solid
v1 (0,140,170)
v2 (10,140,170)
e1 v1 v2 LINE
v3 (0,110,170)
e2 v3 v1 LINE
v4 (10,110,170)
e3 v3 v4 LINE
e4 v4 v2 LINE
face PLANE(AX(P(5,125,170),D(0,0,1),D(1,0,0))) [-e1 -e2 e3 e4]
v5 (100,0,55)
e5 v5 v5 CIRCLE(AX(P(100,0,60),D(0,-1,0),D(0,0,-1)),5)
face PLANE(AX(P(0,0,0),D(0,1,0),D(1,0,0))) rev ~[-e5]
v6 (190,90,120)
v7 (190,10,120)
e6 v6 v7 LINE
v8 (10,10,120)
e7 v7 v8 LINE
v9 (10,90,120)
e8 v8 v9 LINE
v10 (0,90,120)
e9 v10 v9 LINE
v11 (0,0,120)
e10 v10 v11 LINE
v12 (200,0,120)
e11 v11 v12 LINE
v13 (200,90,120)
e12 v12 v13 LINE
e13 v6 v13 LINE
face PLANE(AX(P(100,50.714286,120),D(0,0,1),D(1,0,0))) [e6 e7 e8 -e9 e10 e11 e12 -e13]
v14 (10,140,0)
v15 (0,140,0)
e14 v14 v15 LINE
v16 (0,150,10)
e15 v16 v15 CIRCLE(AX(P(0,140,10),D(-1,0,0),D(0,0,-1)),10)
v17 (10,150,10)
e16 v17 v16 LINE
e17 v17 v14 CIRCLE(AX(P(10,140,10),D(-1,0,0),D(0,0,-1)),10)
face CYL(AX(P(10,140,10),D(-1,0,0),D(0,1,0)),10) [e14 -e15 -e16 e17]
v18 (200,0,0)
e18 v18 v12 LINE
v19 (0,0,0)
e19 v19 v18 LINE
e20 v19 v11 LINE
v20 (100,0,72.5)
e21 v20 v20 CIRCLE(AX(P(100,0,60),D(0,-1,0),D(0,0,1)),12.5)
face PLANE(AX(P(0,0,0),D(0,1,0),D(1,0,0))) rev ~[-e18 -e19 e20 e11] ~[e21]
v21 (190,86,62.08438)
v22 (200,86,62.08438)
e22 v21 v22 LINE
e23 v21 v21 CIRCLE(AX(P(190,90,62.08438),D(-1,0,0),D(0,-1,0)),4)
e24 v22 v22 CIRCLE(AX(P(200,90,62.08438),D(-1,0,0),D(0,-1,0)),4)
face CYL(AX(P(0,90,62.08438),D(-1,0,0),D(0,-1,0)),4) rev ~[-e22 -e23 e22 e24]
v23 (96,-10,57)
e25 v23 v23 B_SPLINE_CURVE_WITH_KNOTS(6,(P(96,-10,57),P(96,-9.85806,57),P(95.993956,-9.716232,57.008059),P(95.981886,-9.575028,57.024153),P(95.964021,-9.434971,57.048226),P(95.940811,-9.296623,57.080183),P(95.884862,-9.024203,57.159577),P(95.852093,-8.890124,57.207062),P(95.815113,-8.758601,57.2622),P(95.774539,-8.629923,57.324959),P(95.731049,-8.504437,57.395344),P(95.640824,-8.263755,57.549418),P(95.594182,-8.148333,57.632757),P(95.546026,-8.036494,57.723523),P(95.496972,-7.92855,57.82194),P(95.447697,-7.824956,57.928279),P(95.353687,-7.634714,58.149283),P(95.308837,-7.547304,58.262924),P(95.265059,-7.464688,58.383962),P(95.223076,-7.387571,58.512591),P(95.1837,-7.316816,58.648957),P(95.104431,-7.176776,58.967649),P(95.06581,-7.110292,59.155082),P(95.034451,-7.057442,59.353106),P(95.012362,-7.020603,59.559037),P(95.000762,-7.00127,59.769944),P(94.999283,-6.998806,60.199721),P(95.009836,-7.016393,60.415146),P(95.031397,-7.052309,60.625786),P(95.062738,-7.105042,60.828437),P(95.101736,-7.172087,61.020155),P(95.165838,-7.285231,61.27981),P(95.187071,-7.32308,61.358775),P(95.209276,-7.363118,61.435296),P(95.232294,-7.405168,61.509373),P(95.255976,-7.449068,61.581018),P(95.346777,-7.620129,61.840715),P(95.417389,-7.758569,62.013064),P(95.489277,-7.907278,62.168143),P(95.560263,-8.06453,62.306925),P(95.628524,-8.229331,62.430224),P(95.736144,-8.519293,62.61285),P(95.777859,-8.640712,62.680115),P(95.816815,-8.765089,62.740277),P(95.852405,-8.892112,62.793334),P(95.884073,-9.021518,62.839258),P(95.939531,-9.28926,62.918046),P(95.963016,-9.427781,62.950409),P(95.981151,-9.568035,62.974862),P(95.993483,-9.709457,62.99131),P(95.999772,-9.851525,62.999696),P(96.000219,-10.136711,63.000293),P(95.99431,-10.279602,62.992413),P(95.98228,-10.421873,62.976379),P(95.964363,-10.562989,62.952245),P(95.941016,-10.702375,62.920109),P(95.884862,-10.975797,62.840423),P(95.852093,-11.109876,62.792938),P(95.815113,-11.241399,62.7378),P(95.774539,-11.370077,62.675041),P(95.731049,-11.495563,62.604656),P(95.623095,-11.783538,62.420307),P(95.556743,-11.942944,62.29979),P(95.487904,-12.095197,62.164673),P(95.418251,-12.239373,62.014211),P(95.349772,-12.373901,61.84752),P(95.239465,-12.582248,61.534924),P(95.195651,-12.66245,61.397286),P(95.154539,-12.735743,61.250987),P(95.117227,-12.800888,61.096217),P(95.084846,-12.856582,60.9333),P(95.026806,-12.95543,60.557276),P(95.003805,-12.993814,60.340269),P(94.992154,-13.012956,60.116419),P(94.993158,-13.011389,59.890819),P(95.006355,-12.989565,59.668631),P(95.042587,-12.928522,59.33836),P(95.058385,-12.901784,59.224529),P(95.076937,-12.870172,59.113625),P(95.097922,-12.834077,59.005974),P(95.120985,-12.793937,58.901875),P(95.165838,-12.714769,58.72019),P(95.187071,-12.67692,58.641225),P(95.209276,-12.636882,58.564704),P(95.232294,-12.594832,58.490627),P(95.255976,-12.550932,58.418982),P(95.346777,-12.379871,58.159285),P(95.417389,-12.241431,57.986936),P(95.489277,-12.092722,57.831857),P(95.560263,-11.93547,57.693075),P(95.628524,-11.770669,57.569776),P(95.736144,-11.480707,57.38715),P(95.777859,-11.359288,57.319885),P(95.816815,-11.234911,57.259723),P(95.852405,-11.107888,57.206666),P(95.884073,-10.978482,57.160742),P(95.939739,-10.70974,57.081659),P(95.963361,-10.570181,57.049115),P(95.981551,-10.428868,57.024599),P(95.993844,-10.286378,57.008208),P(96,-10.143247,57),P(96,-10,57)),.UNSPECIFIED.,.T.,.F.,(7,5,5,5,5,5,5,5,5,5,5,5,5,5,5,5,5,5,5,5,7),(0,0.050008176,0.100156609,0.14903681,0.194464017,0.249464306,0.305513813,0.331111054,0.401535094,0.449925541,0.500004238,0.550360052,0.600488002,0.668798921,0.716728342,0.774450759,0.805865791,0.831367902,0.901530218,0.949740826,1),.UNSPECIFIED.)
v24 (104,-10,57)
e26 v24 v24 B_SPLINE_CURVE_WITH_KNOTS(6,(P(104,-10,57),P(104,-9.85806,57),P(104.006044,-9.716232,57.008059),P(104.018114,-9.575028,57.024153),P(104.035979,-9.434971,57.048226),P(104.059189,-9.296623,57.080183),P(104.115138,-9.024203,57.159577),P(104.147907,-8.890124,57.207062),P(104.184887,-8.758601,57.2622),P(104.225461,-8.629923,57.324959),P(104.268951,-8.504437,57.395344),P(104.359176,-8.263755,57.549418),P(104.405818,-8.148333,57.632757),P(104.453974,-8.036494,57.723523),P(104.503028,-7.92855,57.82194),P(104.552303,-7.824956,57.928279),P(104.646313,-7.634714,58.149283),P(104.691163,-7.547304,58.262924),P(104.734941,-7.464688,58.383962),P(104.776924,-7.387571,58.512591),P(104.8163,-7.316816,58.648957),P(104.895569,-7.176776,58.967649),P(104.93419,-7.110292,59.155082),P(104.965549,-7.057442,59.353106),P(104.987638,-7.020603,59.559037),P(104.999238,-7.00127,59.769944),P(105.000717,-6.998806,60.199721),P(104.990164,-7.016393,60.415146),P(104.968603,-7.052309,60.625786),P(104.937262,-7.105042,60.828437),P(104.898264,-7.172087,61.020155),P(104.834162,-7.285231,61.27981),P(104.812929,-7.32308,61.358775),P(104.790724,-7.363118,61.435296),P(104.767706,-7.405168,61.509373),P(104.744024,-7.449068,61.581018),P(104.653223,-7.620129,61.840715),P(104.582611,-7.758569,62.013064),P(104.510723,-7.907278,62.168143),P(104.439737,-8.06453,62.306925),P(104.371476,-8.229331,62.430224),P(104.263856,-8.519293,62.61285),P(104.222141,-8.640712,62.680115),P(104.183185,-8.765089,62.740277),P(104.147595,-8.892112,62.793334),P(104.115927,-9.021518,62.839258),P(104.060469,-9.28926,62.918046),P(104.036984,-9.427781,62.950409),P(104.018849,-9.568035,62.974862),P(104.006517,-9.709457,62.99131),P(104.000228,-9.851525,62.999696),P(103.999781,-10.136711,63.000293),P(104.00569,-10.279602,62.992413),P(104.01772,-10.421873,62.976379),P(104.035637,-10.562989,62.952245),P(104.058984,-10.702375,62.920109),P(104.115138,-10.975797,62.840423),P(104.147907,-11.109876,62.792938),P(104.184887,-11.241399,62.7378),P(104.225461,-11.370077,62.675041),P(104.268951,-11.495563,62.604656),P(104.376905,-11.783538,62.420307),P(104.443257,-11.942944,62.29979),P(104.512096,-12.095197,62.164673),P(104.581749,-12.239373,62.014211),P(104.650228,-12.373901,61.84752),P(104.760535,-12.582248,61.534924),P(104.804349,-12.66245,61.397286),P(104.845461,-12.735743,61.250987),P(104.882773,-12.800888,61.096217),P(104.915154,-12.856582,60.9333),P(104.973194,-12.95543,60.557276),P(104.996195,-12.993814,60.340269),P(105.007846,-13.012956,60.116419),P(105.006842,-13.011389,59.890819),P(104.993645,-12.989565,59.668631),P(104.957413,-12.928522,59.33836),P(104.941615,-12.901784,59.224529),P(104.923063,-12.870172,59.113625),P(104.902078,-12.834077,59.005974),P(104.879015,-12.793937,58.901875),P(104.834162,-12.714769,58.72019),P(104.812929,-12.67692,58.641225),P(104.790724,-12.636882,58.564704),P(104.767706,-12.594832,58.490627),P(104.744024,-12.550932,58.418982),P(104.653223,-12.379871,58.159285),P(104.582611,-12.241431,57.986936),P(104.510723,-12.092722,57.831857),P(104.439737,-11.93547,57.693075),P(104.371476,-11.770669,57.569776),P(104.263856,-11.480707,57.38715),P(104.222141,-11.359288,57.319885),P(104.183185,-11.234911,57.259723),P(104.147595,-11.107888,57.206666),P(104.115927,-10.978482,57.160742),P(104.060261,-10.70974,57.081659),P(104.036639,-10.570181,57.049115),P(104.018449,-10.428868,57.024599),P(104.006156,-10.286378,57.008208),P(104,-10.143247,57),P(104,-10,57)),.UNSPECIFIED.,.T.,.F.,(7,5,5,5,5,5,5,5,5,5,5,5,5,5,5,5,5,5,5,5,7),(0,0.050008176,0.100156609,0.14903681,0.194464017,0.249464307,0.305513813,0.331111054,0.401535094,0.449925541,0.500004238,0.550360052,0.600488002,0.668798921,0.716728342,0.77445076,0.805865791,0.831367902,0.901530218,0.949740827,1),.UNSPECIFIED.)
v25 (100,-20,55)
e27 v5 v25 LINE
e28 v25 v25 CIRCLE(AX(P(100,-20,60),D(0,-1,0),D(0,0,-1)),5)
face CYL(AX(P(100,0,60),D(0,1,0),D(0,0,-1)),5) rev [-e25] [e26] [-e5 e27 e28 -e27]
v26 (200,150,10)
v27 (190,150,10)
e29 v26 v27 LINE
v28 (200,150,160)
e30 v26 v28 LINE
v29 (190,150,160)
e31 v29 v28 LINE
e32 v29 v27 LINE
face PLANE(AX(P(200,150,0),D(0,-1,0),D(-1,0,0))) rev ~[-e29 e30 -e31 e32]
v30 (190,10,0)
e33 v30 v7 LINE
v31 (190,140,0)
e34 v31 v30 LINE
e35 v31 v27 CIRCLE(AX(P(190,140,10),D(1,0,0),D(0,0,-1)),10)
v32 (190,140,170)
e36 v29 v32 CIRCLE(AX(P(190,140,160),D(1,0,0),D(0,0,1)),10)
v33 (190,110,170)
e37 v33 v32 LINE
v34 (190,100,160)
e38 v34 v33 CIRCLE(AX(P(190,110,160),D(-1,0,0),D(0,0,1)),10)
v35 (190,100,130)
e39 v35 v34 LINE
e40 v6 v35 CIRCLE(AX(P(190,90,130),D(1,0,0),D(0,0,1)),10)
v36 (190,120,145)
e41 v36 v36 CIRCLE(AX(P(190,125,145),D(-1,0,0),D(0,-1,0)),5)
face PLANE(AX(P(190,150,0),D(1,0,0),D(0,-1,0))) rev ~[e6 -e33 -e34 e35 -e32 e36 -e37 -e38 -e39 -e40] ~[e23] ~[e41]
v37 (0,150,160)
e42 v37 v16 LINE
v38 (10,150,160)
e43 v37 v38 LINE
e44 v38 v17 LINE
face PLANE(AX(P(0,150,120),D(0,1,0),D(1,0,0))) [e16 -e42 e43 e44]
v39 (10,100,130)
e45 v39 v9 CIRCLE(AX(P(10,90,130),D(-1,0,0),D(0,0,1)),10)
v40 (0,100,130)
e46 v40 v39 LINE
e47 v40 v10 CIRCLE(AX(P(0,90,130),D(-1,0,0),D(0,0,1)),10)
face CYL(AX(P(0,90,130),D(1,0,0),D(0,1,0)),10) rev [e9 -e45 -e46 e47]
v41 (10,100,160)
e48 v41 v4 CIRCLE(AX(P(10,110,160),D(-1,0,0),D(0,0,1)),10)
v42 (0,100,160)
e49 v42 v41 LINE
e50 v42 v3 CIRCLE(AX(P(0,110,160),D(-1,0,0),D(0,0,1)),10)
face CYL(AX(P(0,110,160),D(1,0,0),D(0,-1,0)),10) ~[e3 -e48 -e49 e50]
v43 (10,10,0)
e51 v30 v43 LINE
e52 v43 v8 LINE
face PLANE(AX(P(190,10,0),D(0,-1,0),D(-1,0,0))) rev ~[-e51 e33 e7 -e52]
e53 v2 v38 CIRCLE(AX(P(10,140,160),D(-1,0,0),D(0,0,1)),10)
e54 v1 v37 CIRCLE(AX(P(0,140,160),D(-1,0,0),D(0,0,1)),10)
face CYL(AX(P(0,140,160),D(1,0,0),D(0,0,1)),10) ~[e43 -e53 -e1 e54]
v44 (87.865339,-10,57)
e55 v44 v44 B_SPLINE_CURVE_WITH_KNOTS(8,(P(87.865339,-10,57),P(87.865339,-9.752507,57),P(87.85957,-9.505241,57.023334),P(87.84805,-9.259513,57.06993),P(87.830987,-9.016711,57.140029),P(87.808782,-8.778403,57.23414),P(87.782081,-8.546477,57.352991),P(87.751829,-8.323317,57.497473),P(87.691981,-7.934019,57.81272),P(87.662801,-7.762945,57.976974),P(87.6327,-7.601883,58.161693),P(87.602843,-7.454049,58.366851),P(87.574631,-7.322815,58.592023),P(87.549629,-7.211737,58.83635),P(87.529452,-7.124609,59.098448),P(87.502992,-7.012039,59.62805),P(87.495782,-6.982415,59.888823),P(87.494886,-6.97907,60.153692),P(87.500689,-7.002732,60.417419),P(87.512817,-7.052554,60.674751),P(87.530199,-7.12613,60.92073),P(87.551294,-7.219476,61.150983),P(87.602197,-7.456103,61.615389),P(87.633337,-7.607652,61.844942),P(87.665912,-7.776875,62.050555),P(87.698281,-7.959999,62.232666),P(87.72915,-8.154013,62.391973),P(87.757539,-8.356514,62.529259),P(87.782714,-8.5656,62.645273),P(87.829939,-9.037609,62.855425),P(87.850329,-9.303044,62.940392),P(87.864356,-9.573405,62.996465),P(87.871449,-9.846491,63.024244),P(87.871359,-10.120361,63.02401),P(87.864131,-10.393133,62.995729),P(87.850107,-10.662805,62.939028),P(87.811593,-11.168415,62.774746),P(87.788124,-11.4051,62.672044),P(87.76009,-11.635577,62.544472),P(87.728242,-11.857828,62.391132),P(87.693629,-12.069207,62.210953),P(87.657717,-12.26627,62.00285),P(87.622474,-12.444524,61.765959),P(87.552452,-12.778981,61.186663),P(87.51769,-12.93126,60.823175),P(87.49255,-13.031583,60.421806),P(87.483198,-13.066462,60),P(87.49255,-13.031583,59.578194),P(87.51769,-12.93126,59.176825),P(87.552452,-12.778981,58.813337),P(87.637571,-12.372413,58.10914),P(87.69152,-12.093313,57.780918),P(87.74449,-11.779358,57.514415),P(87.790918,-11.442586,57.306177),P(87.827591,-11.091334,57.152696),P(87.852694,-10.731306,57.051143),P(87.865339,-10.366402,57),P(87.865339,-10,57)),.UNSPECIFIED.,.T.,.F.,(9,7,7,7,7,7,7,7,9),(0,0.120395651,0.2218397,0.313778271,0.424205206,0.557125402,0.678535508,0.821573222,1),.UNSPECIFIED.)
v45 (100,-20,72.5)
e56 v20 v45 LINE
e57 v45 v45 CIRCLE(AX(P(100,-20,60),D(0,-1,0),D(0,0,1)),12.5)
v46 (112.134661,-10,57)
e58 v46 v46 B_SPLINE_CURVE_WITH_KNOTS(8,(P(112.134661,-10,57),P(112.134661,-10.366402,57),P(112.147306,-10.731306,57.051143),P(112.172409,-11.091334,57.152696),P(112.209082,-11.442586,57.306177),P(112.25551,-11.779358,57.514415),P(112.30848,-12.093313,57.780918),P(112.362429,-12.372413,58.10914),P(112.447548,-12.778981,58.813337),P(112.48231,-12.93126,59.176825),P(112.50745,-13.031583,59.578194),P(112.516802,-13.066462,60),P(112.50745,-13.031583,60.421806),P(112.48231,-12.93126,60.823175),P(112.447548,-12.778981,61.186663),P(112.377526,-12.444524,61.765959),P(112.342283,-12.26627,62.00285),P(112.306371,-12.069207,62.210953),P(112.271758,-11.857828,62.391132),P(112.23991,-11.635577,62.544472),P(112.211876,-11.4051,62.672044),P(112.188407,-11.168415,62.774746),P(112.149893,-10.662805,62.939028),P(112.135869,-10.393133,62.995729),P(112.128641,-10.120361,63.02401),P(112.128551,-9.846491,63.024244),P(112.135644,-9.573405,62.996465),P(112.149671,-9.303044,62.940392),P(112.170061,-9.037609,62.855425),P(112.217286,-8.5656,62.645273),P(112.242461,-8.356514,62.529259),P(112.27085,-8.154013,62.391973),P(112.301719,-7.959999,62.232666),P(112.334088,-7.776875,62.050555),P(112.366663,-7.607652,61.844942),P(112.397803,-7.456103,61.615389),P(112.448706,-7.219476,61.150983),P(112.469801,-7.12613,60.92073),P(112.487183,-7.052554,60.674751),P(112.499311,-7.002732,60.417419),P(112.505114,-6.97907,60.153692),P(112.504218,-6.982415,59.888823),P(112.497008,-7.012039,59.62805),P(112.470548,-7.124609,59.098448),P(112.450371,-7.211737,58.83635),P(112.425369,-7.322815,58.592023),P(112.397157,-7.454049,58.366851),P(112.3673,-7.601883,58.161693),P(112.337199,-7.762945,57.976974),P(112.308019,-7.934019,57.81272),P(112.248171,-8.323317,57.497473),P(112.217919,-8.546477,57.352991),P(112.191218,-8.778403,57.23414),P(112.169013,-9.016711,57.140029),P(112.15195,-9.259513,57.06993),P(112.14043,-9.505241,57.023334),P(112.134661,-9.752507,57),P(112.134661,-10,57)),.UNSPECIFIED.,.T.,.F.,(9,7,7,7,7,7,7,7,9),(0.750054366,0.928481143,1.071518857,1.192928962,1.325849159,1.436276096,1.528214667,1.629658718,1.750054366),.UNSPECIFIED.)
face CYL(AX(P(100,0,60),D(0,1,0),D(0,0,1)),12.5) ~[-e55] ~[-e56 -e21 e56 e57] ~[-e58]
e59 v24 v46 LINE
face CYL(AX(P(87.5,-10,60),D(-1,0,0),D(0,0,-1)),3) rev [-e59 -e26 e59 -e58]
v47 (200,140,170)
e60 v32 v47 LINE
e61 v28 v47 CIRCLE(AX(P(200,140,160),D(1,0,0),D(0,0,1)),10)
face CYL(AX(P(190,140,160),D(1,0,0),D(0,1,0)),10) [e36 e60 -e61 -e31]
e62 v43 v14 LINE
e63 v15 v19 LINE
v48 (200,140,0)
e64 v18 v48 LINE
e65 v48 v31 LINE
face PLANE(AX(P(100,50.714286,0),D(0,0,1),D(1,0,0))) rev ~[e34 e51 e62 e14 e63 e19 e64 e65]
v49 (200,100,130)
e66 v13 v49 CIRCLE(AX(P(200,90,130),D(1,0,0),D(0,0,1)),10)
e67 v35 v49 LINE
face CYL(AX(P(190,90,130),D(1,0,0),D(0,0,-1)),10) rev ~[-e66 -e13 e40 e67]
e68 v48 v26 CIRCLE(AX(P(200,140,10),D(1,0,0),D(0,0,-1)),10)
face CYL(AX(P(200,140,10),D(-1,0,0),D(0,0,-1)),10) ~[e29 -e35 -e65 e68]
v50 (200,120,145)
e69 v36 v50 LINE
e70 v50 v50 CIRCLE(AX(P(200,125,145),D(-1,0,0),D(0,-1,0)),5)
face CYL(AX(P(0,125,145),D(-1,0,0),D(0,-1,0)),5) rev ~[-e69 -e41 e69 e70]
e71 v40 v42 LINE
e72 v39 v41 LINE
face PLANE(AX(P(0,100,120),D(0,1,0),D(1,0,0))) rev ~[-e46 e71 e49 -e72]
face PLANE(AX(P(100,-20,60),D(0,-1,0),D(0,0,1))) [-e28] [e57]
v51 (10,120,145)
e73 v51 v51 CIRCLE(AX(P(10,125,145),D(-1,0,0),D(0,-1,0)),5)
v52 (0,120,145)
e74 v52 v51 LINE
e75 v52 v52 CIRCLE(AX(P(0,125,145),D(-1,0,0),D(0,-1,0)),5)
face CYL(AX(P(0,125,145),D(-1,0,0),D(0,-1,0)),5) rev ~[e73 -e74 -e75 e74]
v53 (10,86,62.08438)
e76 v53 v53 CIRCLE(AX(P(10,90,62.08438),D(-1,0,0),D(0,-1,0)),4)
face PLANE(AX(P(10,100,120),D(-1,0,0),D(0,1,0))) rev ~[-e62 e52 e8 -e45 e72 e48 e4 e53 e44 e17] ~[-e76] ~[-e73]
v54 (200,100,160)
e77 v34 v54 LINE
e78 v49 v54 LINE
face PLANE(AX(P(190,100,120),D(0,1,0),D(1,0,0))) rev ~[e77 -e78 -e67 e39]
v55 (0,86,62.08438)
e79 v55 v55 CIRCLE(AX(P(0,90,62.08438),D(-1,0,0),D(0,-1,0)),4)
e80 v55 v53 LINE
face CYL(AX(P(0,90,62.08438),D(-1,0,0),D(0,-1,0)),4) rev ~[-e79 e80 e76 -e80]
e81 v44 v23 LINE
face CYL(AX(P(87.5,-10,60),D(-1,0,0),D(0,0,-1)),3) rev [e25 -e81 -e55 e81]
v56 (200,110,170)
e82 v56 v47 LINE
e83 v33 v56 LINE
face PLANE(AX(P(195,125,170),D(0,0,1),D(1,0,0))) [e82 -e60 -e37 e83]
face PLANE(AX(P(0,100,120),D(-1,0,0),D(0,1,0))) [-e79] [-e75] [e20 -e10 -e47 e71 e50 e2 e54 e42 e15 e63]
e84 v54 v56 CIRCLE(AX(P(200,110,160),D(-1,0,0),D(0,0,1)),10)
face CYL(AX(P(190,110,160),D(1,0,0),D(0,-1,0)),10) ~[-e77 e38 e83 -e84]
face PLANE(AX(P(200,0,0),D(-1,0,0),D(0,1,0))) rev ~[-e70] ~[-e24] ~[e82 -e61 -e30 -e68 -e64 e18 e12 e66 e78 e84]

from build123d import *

# Parameters (mm, degrees)
BOSS_EXTRUDE1_DEPTH     = 120
SKETCH2_W               = 10
SKETCH2_H               = 50
BOSS_EXTRUDE2_DEPTH     = 50
SKETCH3_R               = 5
CUT_EXTRUDE1_DEPTH      = 200
FILLET1_R               = 10
SKETCH5_R               = 4
CUT_EXTRUDE2_DEPTH      = 200
SKETCH6_R               = 12.5
SKETCH6_R_2             = 5
BOSS_EXTRUDE3_DEPTH     = 20
CUT_EXTRUDE3_DEPTH      = 12.5
CUT_EXTRUDE3_DEPTH_BACK = 12.5
CUT_EXTRUDE3_START      = 100
SKETCH7_R               = 3


with BuildPart() as part:
    # Sketch1 → Boss-Extrude1 (new body)
    with BuildSketch(Plane.XY):
        Polygon((0, 0), (200, 0), (200, 150), (190, 150), (190, 10), (10, 10), (10, 150), (0, 150), align=None)
    extrude(amount=BOSS_EXTRUDE1_DEPTH)

    # Sketch2 → Boss-Extrude2 (add)
    with BuildSketch(Plane.XY.offset(120)):
        with Locations((5, 125)):
            Rectangle(SKETCH2_W, SKETCH2_H)
        with Locations((195, 125)):
            Rectangle(SKETCH2_W, SKETCH2_H)
    extrude(amount=BOSS_EXTRUDE2_DEPTH)

    # Sketch3 → Cut-Extrude1 (cut)
    with BuildSketch(Plane.ZY):
        with Locations(Location((145, 125, 0), (0, 0, 270))):
            Circle(SKETCH3_R)
    extrude(amount=-CUT_EXTRUDE1_DEPTH, mode=Mode.SUBTRACT)

    # Fillet1
    fillet1_edges = [part.edges().sort_by_distance(p)[0] for p in [
        (195, 150, 0),
        (5, 100, 120),
        (5, 100, 170),
        (5, 150, 170),
        (195, 100, 120),
        (195, 100, 170),
        (195, 150, 170),
        (5, 150, 0),
    ]]
    fillet(fillet1_edges, radius=FILLET1_R)

    # Sketch5 → Cut-Extrude2 (cut)
    with BuildSketch(Plane.ZY):
        with Locations(Location((62.084380241, 90, 0), (0, 0, 270))):
            Circle(SKETCH5_R)
    extrude(amount=-CUT_EXTRUDE2_DEPTH, mode=Mode.SUBTRACT)

    # Sketch6 → Boss-Extrude3 (add)
    with BuildSketch(Plane.XZ):
        with Locations(Location((100, 60, 0), (0, 0, 90))):
            Circle(SKETCH6_R)
        with Locations(Location((100, 60, 0), (0, 0, 270))):
            Circle(SKETCH6_R_2, mode=Mode.SUBTRACT)
    extrude(amount=BOSS_EXTRUDE3_DEPTH)

    # Sketch7 → Cut-Extrude3 (cut, two sides: drawn at the far end of the back side and taken through both)
    with BuildSketch(Plane(origin=(0, 0, 0), x_dir=(0, 0, -1), z_dir=(1, 0, 0)).offset(CUT_EXTRUDE3_START - CUT_EXTRUDE3_DEPTH_BACK)):
        with Locations((-60, -10)):
            Circle(SKETCH7_R)
    extrude(amount=CUT_EXTRUDE3_DEPTH + CUT_EXTRUDE3_DEPTH_BACK, mode=Mode.SUBTRACT)


solid = part.part
